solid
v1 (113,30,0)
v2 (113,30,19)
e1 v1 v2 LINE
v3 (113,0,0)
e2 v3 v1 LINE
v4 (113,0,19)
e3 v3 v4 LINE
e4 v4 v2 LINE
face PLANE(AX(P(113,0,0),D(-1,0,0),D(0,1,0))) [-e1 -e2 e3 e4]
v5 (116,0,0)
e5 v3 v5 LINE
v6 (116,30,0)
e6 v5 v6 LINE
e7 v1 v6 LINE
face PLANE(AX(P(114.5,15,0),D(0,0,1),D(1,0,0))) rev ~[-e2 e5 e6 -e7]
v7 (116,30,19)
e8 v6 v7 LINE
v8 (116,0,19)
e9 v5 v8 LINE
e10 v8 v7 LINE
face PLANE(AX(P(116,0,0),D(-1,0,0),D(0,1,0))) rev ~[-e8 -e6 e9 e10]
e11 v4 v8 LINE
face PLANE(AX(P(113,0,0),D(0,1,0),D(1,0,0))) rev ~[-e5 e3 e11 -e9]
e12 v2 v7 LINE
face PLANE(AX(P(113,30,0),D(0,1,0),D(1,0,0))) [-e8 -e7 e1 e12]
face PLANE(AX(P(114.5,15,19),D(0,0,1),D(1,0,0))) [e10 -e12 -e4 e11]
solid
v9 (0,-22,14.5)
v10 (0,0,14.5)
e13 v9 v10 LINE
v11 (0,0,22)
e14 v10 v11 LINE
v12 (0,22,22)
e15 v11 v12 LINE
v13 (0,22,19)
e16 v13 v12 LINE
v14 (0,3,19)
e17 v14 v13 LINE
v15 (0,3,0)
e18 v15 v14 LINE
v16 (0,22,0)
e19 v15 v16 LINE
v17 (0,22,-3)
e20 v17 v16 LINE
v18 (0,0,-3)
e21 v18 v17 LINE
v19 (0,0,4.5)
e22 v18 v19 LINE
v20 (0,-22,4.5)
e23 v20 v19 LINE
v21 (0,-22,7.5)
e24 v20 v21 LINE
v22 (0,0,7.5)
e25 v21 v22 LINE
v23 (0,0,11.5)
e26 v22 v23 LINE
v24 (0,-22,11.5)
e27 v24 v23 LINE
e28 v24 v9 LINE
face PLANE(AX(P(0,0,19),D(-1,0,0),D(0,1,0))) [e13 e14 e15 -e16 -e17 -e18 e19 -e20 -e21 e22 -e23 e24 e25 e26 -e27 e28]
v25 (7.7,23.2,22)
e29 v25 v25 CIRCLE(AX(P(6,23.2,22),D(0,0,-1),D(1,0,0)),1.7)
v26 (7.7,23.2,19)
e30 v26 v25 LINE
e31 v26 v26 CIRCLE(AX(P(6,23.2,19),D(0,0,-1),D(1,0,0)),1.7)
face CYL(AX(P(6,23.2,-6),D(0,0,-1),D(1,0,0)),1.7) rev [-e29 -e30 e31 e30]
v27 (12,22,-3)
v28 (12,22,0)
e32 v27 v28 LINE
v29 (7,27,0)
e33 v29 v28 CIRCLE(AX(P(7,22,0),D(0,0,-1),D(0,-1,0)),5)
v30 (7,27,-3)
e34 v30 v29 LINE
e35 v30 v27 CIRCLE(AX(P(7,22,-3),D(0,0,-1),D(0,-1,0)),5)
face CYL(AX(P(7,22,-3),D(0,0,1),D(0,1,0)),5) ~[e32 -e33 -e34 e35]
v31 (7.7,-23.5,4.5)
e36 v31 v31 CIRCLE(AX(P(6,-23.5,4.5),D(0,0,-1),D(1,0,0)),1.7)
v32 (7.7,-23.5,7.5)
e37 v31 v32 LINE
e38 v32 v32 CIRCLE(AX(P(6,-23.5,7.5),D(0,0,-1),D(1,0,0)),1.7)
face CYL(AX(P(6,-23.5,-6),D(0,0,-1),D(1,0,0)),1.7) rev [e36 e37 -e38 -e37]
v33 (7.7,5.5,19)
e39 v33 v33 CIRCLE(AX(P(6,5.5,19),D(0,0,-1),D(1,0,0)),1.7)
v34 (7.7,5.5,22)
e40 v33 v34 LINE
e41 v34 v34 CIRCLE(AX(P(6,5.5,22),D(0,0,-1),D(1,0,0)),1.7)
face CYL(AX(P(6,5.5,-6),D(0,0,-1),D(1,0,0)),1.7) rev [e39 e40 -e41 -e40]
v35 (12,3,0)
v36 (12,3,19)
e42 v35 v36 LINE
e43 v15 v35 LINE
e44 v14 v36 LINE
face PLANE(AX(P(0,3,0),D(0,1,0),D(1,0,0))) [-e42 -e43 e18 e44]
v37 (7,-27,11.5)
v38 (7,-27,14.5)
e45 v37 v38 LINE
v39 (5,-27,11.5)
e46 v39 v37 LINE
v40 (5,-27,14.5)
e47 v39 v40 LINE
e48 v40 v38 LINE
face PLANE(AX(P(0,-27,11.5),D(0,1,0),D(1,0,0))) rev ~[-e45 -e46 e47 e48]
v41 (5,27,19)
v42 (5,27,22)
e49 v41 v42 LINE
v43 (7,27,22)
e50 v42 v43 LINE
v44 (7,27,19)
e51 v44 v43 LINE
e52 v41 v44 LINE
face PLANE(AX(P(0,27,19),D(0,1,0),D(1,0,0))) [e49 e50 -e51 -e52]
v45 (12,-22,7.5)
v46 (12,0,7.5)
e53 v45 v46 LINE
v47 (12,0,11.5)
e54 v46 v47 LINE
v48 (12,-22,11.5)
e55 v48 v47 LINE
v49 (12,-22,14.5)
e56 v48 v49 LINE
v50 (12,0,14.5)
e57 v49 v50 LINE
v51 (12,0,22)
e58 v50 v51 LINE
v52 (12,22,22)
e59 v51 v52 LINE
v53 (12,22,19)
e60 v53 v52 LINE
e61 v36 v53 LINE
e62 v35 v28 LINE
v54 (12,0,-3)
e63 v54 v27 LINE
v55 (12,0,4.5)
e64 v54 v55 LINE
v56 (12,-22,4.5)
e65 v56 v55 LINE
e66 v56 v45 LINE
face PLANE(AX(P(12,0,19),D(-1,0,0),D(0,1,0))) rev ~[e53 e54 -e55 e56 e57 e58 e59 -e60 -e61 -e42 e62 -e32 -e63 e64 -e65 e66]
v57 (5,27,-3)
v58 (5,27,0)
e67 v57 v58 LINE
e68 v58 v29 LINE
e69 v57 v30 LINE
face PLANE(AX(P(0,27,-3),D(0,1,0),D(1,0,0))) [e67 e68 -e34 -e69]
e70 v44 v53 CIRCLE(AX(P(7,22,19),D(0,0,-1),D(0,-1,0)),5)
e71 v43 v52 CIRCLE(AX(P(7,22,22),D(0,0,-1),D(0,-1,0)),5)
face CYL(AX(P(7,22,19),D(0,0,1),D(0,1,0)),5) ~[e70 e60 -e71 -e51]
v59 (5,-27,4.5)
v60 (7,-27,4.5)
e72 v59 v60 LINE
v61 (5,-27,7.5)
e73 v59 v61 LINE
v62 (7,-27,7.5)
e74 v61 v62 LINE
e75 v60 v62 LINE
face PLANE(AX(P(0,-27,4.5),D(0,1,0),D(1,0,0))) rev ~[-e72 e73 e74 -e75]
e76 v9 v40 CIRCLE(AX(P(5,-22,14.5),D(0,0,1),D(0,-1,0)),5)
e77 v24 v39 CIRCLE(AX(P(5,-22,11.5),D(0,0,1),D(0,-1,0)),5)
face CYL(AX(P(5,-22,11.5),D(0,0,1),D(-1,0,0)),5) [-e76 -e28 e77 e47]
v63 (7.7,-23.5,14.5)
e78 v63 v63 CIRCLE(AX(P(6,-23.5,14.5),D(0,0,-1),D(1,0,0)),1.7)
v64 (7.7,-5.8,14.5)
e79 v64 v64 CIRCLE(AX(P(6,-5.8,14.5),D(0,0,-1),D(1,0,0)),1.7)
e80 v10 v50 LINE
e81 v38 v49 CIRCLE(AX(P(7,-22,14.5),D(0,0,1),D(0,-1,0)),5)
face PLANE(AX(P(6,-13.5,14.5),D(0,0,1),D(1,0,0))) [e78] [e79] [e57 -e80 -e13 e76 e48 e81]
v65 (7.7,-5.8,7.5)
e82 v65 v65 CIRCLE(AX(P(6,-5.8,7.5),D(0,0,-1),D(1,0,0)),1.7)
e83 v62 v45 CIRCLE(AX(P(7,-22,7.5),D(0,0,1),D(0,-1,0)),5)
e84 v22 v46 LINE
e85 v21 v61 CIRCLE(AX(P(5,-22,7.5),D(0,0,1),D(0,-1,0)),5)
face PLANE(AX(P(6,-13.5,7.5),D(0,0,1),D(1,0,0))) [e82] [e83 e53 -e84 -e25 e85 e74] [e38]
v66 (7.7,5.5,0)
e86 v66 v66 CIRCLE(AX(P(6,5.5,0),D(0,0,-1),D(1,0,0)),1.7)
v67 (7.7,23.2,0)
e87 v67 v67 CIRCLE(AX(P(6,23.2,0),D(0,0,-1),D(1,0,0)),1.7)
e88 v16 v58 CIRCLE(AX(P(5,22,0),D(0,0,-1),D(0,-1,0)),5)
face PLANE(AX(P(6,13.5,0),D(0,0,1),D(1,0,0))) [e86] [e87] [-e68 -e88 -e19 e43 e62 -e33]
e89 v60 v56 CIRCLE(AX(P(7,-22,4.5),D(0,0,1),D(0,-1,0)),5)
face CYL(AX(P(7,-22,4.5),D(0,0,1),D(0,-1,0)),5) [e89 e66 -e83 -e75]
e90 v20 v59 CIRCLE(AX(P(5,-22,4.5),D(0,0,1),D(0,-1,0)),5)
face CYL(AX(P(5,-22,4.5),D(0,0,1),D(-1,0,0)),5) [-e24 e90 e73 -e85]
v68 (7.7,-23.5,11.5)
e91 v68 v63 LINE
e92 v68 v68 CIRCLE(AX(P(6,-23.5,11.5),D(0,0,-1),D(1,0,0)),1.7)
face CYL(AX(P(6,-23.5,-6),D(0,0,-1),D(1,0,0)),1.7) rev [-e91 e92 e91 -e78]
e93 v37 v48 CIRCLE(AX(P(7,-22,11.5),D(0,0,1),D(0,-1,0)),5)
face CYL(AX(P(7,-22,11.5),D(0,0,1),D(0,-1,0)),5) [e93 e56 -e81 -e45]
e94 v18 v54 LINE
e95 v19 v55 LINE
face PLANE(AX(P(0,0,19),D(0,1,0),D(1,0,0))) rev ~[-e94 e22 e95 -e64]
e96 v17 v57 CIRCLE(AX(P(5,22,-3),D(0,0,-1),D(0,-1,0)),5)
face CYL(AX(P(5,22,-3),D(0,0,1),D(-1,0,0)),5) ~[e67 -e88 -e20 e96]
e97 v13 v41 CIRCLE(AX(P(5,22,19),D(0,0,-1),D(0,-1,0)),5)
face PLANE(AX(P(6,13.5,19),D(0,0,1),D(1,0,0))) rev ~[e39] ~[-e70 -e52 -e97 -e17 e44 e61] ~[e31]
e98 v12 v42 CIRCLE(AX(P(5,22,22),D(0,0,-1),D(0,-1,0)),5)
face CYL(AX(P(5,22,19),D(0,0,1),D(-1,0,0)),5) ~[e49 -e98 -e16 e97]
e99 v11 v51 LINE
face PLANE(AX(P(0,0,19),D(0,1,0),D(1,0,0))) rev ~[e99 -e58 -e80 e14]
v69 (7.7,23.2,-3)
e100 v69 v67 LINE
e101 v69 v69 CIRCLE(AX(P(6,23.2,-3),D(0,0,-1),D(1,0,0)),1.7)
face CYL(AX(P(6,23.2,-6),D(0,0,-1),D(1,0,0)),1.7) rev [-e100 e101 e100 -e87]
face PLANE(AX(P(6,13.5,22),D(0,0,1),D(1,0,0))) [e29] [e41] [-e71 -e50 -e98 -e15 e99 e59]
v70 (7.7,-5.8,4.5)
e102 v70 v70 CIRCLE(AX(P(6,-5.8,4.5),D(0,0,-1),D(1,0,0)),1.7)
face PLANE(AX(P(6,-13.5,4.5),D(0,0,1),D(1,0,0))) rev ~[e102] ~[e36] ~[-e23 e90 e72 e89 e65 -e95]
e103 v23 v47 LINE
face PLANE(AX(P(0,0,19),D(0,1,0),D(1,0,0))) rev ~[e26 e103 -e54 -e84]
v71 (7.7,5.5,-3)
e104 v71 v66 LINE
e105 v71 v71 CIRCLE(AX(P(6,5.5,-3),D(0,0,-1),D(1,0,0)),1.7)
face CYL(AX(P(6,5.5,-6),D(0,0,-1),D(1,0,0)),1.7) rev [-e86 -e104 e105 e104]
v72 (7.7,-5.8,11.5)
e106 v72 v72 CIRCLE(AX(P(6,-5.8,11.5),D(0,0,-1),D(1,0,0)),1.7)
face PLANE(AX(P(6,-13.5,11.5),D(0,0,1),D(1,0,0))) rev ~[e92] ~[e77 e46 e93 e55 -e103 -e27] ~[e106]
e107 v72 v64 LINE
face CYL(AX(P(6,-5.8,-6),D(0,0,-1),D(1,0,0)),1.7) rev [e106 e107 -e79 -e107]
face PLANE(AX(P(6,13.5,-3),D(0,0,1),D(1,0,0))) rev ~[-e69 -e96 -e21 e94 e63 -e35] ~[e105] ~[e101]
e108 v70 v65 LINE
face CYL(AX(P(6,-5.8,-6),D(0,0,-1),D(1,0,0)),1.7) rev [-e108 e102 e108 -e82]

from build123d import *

# Parameters (mm, degrees)
BOX003_W          = 3
BOX003_H          = 30
BOX003_DEPTH      = 19
CYLINDER001_R     = 1.7
CYLINDER001_DEPTH = 31
CYLINDER_R        = 1.7
CYLINDER_DEPTH    = 31
BOX001_W          = 12
BOX001_H          = 27
BOX001_DEPTH      = 3
BOX002_W          = 12
BOX002_H          = 27
BOX002_DEPTH      = 3
BOX004_W          = 12
BOX004_H          = 27
BOX004_DEPTH      = 3
BOX005_W          = 12
BOX005_H          = 27
BOX005_DEPTH      = 3
BOX_W             = 12
BOX_H             = 3
BOX_DEPTH         = 19
FILLET_R          = 5


with BuildPart() as cube003:
    # Box003 → Box003 (new body)
    with BuildSketch(Plane(origin=(113, 0, 0), x_dir=(1, 0, 0), z_dir=(0, 0, 1))):
        with Locations((1.5, 15)):
            Rectangle(BOX003_W, BOX003_H)
    extrude(amount=BOX003_DEPTH)


with BuildPart() as cylinder001:
    # Cylinder001 → Cylinder001 (new body)
    with BuildSketch(Plane(origin=(6, 23.2, -6), x_dir=(1, 0, 0), z_dir=(0, 0, 1))):
        Circle(CYLINDER001_R)
    extrude(amount=CYLINDER001_DEPTH)


with BuildPart() as cylinder:
    # Cylinder → Cylinder (new body)
    with BuildSketch(Plane(origin=(6, 5.5, -6), x_dir=(1, 0, 0), z_dir=(0, 0, 1))):
        Circle(CYLINDER_R)
    extrude(amount=CYLINDER_DEPTH)


with BuildPart() as orificios001:
    # Fusion base: copy of Cylinder
    add(cylinder.part)

    # Fusion: union Cylinder001
    add(cylinder001.part)


with BuildPart() as orificios001_1:
    # Fusion placement: moved
    add(orificios001.part.moved(Location((0, -29, 0))))


with BuildPart() as orificios_todos:
    # Fusion001 base: copy of Cylinder
    add(cylinder.part)

    # Fusion001: union Cylinder001
    add(cylinder001.part)

    # Fusion002: union orificios001
    add(orificios001_1.part)


with BuildPart() as cube001:
    # Box001 → Box001 (new body)
    with BuildSketch(Plane.XY.offset(-3)):
        with Locations((6, 13.5)):
            Rectangle(BOX001_W, BOX001_H)
    extrude(amount=BOX001_DEPTH)


with BuildPart() as cube002:
    # Box002 → Box002 (new body)
    with BuildSketch(Plane.XY.offset(19)):
        with Locations((6, 13.5)):
            Rectangle(BOX002_W, BOX002_H)
    extrude(amount=BOX002_DEPTH)


with BuildPart() as cube004:
    # Box004 → Box004 (new body)
    with BuildSketch(Plane(origin=(0, -27, 4.5), x_dir=(1, 0, 0), z_dir=(0, 0, 1))):
        with Locations((6, 13.5)):
            Rectangle(BOX004_W, BOX004_H)
    extrude(amount=BOX004_DEPTH)


with BuildPart() as cube005:
    # Box005 → Box005 (new body)
    with BuildSketch(Plane(origin=(0, -27, 11.5), x_dir=(1, 0, 0), z_dir=(0, 0, 1))):
        with Locations((6, 13.5)):
            Rectangle(BOX005_W, BOX005_H)
    extrude(amount=BOX005_DEPTH)


with BuildPart() as fillet_body:
    # Box → Box (new body)
    with BuildSketch(Plane.XY):
        with Locations((6, 1.5)):
            Rectangle(BOX_W, BOX_H)
    extrude(amount=BOX_DEPTH)

    # Fusion003: union Cube001, Cube002, Cube004, Cube005
    add(cube001.part)
    add(cube002.part)
    add(cube004.part)
    add(cube005.part)

    # Cut: cut orificios todos
    add(orificios_todos.part, mode=Mode.SUBTRACT)

    # Fillet
    fillet_edges = [fillet_body.edges().sort_by_distance(p)[0] for p in [
        (12, -27, 13),
        (0, -27, 13),
        (12, -27, 6),
        (12, 27, -1.5),
        (12, 27, 20.5),
        (0, 27, 20.5),
        (0, 27, -1.5),
        (0, -27, 6),
    ]]
    fillet(fillet_edges, radius=FILLET_R)


solid = Compound([cube003.part, fillet_body.part])
